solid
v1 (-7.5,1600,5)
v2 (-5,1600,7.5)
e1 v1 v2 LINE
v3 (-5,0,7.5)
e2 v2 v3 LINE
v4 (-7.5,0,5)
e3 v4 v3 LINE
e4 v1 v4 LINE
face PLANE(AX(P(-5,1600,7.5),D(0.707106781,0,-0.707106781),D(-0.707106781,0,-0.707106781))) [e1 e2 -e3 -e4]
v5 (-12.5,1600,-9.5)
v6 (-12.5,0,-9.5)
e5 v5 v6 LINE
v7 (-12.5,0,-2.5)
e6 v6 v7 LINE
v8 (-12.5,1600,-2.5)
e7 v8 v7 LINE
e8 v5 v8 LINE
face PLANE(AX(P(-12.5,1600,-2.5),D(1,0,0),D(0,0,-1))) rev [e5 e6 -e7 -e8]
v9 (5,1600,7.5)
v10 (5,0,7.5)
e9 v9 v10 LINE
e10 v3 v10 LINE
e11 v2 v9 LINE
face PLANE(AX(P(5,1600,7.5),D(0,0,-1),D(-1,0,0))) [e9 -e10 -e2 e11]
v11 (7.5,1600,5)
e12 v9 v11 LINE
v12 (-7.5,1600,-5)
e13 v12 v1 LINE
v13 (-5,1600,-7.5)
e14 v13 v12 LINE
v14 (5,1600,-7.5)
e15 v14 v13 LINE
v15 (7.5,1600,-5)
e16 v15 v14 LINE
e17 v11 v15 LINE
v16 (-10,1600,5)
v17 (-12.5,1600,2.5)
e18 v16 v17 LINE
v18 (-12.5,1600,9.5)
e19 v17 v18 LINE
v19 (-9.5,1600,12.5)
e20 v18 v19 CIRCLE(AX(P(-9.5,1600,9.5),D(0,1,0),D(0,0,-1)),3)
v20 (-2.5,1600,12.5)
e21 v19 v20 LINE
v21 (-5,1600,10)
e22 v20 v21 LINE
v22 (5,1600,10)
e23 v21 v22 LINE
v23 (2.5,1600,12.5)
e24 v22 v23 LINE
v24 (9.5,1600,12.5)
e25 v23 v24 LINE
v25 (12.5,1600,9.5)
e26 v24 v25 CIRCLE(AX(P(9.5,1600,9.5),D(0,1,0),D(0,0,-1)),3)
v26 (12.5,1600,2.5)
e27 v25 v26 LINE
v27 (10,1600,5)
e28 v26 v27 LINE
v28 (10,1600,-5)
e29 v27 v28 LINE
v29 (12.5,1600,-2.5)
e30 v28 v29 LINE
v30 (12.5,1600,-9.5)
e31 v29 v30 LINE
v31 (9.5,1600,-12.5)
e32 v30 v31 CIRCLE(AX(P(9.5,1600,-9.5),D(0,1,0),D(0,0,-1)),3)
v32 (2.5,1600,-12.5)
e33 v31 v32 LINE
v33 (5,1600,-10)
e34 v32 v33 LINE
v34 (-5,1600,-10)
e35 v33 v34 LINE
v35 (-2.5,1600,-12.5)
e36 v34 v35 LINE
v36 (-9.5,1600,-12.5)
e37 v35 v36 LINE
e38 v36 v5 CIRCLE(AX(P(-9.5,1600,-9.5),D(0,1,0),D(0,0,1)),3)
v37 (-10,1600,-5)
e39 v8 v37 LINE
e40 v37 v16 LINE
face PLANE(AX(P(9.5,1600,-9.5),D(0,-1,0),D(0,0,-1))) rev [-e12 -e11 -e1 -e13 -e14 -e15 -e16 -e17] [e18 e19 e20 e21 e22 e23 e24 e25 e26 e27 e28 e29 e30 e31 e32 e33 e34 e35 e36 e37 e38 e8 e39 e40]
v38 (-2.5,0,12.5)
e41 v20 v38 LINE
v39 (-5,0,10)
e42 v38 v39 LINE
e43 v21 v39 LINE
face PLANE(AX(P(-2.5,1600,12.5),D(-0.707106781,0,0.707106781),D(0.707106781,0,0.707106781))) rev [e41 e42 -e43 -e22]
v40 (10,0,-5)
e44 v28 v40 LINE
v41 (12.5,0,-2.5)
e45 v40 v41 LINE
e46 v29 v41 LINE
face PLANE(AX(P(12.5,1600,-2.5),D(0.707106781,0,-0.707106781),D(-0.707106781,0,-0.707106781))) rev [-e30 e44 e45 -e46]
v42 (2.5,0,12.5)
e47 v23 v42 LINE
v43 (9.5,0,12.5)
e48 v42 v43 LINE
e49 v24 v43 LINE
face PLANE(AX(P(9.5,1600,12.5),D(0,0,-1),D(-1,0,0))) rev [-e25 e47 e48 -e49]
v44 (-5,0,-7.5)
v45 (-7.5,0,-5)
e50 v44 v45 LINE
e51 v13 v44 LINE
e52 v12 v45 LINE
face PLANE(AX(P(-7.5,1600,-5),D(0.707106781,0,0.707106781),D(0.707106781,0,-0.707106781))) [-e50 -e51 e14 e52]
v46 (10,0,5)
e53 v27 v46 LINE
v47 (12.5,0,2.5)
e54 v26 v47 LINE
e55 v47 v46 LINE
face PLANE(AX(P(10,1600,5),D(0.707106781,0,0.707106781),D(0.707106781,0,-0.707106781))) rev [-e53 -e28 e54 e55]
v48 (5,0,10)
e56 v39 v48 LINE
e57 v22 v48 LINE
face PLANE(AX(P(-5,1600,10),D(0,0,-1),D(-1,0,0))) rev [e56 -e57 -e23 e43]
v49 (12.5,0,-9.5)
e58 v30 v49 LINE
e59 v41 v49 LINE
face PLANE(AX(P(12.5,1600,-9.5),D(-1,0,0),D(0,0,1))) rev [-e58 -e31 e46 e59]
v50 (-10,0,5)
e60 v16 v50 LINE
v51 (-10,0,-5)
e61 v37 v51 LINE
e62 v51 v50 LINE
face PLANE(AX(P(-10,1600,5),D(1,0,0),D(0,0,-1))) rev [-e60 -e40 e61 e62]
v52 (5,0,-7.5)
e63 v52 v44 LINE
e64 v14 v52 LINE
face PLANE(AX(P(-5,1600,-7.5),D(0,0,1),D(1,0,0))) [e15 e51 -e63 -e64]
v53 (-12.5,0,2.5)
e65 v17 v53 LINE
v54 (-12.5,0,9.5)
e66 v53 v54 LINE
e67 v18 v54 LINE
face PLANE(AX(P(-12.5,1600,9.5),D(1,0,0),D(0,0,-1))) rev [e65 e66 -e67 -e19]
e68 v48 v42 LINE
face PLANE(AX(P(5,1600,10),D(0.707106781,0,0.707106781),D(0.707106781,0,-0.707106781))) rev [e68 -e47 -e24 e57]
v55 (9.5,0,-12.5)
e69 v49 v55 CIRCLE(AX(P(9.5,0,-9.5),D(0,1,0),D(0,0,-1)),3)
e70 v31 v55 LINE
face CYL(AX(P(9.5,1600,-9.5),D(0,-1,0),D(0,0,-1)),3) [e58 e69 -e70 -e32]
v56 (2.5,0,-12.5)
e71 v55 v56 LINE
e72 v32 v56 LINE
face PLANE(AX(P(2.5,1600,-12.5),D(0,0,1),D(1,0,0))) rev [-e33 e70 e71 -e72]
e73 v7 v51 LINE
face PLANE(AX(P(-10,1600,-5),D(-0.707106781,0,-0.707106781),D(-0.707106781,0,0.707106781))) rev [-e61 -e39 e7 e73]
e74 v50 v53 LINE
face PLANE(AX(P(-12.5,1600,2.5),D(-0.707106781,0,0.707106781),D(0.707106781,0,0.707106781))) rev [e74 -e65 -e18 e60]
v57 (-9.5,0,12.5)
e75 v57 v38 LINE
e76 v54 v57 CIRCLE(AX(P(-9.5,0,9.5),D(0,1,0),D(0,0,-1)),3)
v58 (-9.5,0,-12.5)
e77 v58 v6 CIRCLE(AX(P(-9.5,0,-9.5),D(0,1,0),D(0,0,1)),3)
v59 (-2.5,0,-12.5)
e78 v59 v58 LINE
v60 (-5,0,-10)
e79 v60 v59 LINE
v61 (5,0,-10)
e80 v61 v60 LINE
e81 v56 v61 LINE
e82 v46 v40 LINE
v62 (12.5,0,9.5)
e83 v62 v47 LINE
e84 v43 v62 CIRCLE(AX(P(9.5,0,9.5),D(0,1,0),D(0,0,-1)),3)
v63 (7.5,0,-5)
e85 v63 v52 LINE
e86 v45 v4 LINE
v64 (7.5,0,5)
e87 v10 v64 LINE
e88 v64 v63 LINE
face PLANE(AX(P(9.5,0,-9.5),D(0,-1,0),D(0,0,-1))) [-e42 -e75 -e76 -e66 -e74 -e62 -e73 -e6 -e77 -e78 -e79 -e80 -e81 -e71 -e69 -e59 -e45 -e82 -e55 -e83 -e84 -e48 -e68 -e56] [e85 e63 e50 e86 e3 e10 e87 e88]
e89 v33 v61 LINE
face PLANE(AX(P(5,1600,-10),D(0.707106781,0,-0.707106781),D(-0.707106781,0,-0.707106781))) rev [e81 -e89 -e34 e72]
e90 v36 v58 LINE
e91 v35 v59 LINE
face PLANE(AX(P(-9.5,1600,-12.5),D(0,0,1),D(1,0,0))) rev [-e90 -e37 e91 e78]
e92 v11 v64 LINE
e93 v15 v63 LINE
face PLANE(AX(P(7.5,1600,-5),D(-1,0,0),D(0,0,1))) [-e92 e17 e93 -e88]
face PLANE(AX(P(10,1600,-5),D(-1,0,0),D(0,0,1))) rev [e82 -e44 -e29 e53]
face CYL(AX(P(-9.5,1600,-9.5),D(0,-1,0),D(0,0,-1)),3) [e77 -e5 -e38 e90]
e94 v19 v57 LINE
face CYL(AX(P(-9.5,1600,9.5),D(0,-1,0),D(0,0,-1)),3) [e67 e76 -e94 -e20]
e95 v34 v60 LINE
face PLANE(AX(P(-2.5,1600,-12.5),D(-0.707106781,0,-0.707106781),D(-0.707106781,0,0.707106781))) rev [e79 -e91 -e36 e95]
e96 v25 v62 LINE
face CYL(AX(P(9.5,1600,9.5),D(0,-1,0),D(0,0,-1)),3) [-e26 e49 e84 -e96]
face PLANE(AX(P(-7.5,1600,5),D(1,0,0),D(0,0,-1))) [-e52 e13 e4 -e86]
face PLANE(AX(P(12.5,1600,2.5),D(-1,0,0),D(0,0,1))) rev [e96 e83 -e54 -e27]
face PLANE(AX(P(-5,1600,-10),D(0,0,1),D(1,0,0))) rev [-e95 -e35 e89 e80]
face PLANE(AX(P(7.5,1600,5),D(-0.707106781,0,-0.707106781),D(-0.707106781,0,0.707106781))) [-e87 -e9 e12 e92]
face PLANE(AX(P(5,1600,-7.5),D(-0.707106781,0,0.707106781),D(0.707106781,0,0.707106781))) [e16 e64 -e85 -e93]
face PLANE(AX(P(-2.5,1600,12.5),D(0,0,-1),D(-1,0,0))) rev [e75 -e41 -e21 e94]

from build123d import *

# Parameters (mm, degrees)
BOSS_EXTRUDE1_DEPTH = 1600


with BuildPart() as part:
    # Sketch1 → Boss-Extrude1 (new body)
    with BuildSketch(Plane(origin=(0, 0, 0), x_dir=(1, 0, 0), z_dir=(0, 1, 0))):
        with BuildLine():
            Line((-9.5, 12.5), (-2.5, 12.5))
            Line((-2.5, 12.5), (-5, 10))
            Line((-5, 10), (5, 10))
            Line((5, 10), (2.5, 12.5))
            Line((2.5, 12.5), (9.5, 12.5))
            ThreePointArc((9.5, 12.5), (11.621320344, 11.621320344), (12.5, 9.5))
            Line((12.5, 9.5), (12.5, 2.5))
            Line((12.5, 2.5), (10, 5))
            Line((10, 5), (10, -5))
            Line((10, -5), (12.5, -2.5))
            Line((12.5, -2.5), (12.5, -9.5))
            ThreePointArc((12.5, -9.5), (11.621320344, -11.621320344), (9.5, -12.5))
            Line((9.5, -12.5), (2.5, -12.5))
            Line((2.5, -12.5), (5, -10))
            Line((5, -10), (-5, -10))
            Line((-5, -10), (-2.5, -12.5))
            Line((-2.5, -12.5), (-9.5, -12.5))
            ThreePointArc((-9.5, -12.5), (-11.621320344, -11.621320344), (-12.5, -9.5))
            Line((-12.5, -9.5), (-12.5, -2.5))
            Line((-12.5, -2.5), (-10, -5))
            Line((-10, -5), (-10, 5))
            Line((-10, 5), (-12.5, 2.5))
            Line((-12.5, 2.5), (-12.5, 9.5))
            ThreePointArc((-12.5, 9.5), (-11.621320344, 11.621320344), (-9.5, 12.5))
        make_face()
        Polygon((-7.5, 5), (-5, 7.5), (5, 7.5), (7.5, 5), (7.5, -5), (5, -7.5), (-5, -7.5), (-7.5, -5), align=None, mode=Mode.SUBTRACT)
    extrude(amount=BOSS_EXTRUDE1_DEPTH)


solid = part.part
